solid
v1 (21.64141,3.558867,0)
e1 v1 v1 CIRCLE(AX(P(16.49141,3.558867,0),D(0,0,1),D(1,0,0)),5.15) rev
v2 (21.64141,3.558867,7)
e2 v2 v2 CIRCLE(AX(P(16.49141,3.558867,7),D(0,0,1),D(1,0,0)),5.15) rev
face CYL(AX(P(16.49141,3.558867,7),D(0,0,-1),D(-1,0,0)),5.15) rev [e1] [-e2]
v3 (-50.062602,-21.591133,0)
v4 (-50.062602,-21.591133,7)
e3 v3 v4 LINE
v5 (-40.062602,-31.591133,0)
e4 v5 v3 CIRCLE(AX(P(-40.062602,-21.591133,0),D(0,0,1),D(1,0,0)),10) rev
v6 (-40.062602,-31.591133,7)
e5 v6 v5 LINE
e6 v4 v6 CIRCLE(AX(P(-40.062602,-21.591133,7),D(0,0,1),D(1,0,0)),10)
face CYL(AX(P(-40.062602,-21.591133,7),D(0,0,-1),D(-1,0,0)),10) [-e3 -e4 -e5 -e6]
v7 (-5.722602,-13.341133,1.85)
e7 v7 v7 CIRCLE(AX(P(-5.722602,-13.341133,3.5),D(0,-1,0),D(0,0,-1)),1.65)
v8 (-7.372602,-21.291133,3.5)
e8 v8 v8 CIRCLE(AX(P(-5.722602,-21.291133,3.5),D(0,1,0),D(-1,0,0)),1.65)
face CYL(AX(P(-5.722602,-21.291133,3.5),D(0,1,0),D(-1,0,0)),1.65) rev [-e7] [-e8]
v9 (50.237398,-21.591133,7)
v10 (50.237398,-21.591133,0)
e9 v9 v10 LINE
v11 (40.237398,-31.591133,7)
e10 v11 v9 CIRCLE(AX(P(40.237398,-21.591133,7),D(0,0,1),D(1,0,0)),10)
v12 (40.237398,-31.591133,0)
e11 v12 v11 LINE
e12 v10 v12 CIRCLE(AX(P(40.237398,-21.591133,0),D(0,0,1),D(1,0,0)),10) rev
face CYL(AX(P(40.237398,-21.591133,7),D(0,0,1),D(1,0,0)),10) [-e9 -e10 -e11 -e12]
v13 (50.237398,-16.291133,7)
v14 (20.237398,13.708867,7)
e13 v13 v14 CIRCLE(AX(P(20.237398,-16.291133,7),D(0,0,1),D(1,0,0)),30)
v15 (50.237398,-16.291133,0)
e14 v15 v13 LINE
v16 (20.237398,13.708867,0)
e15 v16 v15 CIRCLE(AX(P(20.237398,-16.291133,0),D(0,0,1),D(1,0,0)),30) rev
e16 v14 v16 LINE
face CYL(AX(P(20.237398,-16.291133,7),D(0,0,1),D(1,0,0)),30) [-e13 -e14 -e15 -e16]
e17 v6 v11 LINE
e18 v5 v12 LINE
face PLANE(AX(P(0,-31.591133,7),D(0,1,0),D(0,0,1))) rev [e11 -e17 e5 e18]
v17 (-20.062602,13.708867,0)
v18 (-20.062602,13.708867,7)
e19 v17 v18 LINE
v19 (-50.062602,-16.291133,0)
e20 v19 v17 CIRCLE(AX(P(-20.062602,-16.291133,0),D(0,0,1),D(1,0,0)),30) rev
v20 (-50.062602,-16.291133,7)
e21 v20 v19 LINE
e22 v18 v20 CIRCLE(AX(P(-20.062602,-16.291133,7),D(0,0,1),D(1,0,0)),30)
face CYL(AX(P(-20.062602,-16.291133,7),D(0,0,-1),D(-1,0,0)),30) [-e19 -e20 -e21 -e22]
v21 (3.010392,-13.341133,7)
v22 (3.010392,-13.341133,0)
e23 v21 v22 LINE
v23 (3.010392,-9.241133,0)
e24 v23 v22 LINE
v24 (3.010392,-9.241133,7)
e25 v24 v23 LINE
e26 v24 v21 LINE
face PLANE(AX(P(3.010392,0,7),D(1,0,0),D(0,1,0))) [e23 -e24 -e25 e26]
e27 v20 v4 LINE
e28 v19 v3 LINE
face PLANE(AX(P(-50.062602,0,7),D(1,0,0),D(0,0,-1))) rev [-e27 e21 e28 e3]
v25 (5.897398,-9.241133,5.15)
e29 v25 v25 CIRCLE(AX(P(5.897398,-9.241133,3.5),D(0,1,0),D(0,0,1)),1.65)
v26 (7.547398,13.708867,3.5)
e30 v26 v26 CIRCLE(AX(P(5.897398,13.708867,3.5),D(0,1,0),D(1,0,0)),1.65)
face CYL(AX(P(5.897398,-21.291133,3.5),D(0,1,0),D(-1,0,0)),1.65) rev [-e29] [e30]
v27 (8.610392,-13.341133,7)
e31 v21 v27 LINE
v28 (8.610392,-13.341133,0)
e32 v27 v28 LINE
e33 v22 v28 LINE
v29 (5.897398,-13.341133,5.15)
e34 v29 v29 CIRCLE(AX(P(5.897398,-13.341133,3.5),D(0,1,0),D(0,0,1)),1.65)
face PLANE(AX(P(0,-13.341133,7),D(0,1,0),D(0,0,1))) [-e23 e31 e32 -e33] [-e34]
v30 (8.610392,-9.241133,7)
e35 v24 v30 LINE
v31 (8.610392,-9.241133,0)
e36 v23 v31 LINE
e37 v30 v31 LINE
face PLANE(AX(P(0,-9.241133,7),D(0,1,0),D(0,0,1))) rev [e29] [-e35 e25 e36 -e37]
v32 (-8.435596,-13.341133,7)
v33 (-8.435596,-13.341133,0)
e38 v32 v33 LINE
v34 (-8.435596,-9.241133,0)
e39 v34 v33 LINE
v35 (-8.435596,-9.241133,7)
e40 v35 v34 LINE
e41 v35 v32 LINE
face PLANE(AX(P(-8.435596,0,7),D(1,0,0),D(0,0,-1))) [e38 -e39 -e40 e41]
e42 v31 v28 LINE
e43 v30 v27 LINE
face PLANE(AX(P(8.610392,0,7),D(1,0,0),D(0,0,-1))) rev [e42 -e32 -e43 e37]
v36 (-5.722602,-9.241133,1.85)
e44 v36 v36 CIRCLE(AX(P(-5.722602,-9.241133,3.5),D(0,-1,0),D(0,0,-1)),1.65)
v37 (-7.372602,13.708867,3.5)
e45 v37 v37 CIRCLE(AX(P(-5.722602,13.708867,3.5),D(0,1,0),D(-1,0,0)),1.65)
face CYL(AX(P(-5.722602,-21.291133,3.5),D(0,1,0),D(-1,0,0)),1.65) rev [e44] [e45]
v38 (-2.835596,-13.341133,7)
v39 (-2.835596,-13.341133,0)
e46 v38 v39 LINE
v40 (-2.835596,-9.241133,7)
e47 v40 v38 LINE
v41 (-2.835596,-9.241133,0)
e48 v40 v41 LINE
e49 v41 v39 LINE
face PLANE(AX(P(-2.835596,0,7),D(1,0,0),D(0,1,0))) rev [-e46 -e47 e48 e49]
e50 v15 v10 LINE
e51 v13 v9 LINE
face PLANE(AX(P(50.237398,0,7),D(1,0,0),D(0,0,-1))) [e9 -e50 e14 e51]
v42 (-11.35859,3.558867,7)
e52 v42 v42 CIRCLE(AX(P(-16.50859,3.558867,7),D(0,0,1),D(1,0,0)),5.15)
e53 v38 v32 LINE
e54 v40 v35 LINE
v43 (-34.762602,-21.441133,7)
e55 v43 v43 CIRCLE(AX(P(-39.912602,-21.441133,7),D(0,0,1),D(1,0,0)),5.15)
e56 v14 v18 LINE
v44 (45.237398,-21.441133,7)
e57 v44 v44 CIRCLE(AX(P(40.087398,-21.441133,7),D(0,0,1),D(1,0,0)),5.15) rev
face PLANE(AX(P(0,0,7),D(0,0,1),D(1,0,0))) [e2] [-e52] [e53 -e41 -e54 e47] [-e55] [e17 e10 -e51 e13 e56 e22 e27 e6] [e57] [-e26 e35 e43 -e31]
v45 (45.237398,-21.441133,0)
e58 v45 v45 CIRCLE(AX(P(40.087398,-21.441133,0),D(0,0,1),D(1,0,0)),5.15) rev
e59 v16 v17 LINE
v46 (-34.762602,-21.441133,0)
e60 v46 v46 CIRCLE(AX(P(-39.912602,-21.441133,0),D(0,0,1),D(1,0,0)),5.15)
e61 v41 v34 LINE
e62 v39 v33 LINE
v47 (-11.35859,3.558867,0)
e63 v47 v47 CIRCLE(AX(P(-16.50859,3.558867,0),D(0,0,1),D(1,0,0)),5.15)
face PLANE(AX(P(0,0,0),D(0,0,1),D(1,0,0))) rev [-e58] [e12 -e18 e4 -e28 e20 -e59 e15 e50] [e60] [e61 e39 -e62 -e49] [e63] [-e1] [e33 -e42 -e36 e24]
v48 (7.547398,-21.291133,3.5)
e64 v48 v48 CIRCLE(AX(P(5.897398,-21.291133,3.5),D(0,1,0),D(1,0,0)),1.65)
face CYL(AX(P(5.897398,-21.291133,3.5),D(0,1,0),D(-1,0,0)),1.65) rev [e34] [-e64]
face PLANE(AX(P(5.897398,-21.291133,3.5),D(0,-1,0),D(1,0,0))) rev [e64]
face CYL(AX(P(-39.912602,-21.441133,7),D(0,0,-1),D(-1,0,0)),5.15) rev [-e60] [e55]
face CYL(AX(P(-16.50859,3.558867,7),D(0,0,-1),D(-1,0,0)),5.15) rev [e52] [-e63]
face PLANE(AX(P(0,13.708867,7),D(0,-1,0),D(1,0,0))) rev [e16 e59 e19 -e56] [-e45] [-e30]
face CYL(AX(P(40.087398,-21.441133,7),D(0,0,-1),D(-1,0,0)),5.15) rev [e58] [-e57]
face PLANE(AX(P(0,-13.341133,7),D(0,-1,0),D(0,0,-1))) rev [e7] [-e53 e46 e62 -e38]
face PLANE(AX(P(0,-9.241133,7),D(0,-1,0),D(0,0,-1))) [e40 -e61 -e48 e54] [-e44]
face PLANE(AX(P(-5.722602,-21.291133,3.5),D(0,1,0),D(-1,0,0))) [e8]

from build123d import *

# Parameters (mm, degrees)
ESBO_O1_W                = 100.3
ESBO_O1_H                = 45.3
ESBO_O1_R                = 5.15
ESBO_O1_W_2              = 5.6
ESBO_O1_H_2              = 4.1
RESSALTO_EXTRUS_O1_DEPTH = 7
ESBO_O2_R                = 1.65
CORTE_EXTRUS_O1_DEPTH    = 35
FILETE1_R                = 10
FILETE2_R                = 30


with BuildPart() as part:
    # Esboço1 → Ressalto-extrusão1 (new body)
    with BuildSketch(Plane.XY):
        with Locations((0.087398189, -8.941132561)):
            Rectangle(ESBO_O1_W, ESBO_O1_H)
        with Locations((-16.508590221, 3.558867439)):
            Circle(ESBO_O1_R, mode=Mode.SUBTRACT)
        with Locations((16.491409779, 3.558867439)):
            Circle(ESBO_O1_R, mode=Mode.SUBTRACT)
        with Locations((-39.912601811, -21.441132561)):
            Circle(ESBO_O1_R, mode=Mode.SUBTRACT)
        with Locations((40.087398189, -21.441132561)):
            Circle(ESBO_O1_R, mode=Mode.SUBTRACT)
        with Locations((-5.635596016, -11.291132561)):
            Rectangle(ESBO_O1_W_2, ESBO_O1_H_2, mode=Mode.SUBTRACT)
        with Locations((5.810392394, -11.291132561)):
            Rectangle(ESBO_O1_W_2, ESBO_O1_H_2, mode=Mode.SUBTRACT)
    extrude(amount=RESSALTO_EXTRUS_O1_DEPTH)

    # Esboço2 → Corte-extrusão1 (cut)
    with BuildSketch(Plane(origin=(0, 13.708867439, 0), x_dir=(1, 0, 0), z_dir=(0, 1, 0))):
        with Locations(Location((-5.722601811, -3.5, 0), (0, 0, 180))):
            Circle(ESBO_O2_R)
        with Locations(Location((5.897398189, -3.5, 0), (0, 0, 270))):
            Circle(ESBO_O2_R)
    extrude(amount=-CORTE_EXTRUS_O1_DEPTH, mode=Mode.SUBTRACT)

    # Filete1
    filete1_edges = [part.edges().sort_by_distance(p)[0] for p in [
        (50.237398189, -31.591132561, 3.5),
        (-50.062601811, -31.591132561, 3.5),
    ]]
    fillet(filete1_edges, radius=FILETE1_R)

    # Filete2
    filete2_edges = [part.edges().sort_by_distance(p)[0] for p in [
        (-50.062601811, 13.708867439, 3.5),
        (50.237398189, 13.708867439, 3.5),
    ]]
    fillet(filete2_edges, radius=FILETE2_R)


solid = part.part
